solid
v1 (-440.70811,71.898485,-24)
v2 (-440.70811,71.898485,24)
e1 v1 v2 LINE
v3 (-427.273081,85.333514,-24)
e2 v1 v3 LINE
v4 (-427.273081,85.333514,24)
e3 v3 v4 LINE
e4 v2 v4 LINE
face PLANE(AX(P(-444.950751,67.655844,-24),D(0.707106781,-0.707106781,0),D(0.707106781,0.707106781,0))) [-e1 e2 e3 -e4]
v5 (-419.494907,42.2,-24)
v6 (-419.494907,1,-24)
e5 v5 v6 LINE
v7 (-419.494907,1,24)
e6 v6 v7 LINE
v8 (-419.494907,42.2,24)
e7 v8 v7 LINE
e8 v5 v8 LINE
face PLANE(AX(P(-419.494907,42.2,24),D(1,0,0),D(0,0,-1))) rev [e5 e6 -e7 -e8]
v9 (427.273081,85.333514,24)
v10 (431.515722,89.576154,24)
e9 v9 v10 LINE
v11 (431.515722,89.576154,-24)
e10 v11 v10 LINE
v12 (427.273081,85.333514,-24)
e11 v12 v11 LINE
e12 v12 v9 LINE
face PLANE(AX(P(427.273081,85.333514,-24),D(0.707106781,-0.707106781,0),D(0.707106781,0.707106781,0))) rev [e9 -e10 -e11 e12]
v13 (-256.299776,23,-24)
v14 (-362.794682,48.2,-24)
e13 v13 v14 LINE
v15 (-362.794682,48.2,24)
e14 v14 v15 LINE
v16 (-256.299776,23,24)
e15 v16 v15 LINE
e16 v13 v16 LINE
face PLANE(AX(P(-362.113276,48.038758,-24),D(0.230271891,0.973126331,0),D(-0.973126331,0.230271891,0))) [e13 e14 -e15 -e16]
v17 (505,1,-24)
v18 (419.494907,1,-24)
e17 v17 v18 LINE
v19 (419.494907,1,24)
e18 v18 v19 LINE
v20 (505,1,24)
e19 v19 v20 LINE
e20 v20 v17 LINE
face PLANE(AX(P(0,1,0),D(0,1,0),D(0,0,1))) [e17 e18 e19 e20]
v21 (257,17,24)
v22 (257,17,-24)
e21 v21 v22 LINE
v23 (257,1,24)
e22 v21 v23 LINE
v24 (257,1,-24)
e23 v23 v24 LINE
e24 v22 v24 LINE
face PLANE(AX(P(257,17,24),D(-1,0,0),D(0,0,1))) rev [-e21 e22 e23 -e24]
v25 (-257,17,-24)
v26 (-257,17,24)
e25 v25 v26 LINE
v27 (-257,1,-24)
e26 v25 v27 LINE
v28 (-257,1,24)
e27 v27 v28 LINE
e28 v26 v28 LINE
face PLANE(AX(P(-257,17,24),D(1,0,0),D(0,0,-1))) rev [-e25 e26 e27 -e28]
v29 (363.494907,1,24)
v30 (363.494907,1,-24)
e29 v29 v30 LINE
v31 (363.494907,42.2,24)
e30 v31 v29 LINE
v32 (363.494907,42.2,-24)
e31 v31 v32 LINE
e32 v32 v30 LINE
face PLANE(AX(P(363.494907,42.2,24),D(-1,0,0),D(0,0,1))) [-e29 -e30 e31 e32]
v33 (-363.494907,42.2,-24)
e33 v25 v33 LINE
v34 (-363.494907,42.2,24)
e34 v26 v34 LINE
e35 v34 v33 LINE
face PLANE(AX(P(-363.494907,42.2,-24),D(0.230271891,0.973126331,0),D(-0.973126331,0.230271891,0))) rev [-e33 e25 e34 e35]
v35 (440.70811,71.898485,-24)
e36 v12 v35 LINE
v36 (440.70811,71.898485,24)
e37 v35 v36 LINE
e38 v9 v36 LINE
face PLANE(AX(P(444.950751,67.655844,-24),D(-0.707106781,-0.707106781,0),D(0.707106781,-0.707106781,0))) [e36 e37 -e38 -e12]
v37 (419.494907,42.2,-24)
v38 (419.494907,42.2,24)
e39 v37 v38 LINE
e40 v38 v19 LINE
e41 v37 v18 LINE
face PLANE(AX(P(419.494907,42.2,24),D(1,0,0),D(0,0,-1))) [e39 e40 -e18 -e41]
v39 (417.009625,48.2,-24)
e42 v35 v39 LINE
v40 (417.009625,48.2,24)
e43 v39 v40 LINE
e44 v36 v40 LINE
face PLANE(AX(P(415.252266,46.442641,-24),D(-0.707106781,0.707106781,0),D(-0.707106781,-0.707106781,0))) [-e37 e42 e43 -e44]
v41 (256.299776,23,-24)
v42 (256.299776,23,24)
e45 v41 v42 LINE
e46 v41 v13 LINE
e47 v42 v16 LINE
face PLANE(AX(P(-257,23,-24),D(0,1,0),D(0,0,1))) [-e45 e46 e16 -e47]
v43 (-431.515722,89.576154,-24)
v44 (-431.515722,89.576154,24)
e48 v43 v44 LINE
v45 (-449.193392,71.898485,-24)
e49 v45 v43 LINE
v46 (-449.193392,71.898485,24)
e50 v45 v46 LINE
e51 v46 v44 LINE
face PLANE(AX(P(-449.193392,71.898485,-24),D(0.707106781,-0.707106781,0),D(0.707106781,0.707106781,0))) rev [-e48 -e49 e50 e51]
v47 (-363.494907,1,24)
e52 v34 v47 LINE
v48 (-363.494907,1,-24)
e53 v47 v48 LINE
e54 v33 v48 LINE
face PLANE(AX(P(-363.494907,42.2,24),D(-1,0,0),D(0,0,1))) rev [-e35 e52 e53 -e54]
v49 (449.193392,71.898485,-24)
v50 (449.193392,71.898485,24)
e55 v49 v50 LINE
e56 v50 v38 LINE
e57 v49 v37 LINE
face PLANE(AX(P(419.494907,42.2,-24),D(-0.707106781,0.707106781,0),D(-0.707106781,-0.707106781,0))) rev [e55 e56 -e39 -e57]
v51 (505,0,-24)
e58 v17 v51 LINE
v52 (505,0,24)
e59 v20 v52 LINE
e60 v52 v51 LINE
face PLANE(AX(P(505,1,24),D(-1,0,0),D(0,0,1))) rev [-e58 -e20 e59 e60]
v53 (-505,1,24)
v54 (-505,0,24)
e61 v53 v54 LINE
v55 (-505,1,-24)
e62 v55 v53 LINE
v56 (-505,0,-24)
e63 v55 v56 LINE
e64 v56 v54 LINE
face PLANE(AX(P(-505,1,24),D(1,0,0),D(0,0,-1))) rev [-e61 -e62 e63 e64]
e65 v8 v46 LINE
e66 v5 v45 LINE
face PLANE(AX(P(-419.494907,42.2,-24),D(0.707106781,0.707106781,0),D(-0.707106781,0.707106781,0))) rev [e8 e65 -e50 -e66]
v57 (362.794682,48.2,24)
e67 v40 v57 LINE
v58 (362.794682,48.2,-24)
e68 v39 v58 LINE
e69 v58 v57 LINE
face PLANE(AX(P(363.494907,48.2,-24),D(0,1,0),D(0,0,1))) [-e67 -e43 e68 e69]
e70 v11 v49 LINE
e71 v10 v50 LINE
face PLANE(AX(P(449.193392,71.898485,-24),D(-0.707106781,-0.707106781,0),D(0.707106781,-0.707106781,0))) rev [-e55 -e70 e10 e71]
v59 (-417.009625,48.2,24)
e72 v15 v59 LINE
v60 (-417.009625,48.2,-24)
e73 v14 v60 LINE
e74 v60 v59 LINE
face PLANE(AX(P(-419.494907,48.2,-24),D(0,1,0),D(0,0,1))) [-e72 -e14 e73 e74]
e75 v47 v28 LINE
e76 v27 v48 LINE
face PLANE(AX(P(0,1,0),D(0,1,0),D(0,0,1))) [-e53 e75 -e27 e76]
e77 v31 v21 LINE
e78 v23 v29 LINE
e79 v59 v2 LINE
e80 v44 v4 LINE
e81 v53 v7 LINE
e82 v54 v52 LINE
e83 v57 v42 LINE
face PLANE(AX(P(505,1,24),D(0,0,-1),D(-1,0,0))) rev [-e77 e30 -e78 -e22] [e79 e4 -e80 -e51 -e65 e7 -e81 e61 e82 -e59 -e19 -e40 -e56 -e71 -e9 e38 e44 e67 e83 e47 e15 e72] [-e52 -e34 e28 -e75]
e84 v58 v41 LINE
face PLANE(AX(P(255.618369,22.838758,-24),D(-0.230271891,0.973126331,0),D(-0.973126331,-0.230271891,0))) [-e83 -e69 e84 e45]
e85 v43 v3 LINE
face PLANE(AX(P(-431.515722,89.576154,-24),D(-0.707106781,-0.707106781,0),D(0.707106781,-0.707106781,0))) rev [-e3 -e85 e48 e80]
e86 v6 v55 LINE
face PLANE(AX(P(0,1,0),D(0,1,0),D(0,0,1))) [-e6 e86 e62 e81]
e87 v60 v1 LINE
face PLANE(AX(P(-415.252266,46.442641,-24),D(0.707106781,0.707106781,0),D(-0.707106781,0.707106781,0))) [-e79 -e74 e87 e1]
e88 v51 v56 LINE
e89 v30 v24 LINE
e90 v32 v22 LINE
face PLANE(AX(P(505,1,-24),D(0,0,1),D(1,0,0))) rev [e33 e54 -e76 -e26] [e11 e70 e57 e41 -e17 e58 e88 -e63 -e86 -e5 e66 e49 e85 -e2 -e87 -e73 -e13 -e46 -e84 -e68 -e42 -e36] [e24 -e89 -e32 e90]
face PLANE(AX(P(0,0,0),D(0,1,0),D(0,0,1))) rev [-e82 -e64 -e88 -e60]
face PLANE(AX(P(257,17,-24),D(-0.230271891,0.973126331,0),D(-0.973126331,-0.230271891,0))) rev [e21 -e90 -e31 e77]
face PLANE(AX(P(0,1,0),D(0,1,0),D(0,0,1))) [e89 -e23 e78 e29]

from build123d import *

# Parameters (mm, degrees)
SKETCH2_W           = 1010
SKETCH2_H           = 48
BOSS_EXTRUDE1_DEPTH = 1
SKETCH3_W           = 514
SKETCH3_H           = 48
BOSS_EXTRUDE2_DEPTH = 16
SKETCH4_W           = 56
SKETCH4_H           = 48
BOSS_EXTRUDE3_DEPTH = 41.2
EXTRUDE_THIN1_DEPTH = 48


with BuildPart() as part:
    # Sketch2 → Boss-Extrude1 (new body)
    with BuildSketch(Plane(origin=(0, 0, 0), x_dir=(1, 0, 0), z_dir=(0, 1, 0))):
        Rectangle(SKETCH2_W, SKETCH2_H)
    extrude(amount=BOSS_EXTRUDE1_DEPTH)

    # Sketch3 → Boss-Extrude2 (add)
    with BuildSketch(Plane(origin=(0, 1, 0), x_dir=(1, 0, 0), z_dir=(0, 1, 0))):
        Rectangle(SKETCH3_W, SKETCH3_H)
    extrude(amount=BOSS_EXTRUDE2_DEPTH)

    # Sketch4 → Boss-Extrude3 (add)
    with BuildSketch(Plane(origin=(0, 1, 0), x_dir=(1, 0, 0), z_dir=(0, 1, 0))):
        with Locations((-391.494906848, 0)):
            Rectangle(SKETCH4_W, SKETCH4_H)
    boss_extrude3 = extrude(amount=BOSS_EXTRUDE3_DEPTH)

    # Mirror1: Boss-Extrude3 across plane
    add(boss_extrude3.mirror(Plane(origin=(0, 0, 0), x_dir=(0, 0, 1), z_dir=(1, 0, 0))))

    # Sketch7 → Extrude-Thin1 (add)
    with BuildSketch(Plane.XY.offset(24)):
        Polygon((-431.515722128, 89.576154339), (-449.193391658, 71.89848481), (-419.494906848, 42.2), (-363.494906848, 42.2), (-257, 17), (257, 17), (363.494906848, 42.2), (419.494906848, 42.2), (449.193391658, 71.89848481), (431.515722128, 89.576154339), (427.273081441, 85.333513652), (440.708110284, 71.89848481), (417.009625474, 48.2), (362.794682376, 48.2), (256.299775528, 23), (-256.299775528, 23), (-362.794682376, 48.2), (-417.009625474, 48.2), (-440.708110284, 71.89848481), (-427.273081441, 85.333513652), align=None)
    extrude(amount=-EXTRUDE_THIN1_DEPTH)


solid = part.part
